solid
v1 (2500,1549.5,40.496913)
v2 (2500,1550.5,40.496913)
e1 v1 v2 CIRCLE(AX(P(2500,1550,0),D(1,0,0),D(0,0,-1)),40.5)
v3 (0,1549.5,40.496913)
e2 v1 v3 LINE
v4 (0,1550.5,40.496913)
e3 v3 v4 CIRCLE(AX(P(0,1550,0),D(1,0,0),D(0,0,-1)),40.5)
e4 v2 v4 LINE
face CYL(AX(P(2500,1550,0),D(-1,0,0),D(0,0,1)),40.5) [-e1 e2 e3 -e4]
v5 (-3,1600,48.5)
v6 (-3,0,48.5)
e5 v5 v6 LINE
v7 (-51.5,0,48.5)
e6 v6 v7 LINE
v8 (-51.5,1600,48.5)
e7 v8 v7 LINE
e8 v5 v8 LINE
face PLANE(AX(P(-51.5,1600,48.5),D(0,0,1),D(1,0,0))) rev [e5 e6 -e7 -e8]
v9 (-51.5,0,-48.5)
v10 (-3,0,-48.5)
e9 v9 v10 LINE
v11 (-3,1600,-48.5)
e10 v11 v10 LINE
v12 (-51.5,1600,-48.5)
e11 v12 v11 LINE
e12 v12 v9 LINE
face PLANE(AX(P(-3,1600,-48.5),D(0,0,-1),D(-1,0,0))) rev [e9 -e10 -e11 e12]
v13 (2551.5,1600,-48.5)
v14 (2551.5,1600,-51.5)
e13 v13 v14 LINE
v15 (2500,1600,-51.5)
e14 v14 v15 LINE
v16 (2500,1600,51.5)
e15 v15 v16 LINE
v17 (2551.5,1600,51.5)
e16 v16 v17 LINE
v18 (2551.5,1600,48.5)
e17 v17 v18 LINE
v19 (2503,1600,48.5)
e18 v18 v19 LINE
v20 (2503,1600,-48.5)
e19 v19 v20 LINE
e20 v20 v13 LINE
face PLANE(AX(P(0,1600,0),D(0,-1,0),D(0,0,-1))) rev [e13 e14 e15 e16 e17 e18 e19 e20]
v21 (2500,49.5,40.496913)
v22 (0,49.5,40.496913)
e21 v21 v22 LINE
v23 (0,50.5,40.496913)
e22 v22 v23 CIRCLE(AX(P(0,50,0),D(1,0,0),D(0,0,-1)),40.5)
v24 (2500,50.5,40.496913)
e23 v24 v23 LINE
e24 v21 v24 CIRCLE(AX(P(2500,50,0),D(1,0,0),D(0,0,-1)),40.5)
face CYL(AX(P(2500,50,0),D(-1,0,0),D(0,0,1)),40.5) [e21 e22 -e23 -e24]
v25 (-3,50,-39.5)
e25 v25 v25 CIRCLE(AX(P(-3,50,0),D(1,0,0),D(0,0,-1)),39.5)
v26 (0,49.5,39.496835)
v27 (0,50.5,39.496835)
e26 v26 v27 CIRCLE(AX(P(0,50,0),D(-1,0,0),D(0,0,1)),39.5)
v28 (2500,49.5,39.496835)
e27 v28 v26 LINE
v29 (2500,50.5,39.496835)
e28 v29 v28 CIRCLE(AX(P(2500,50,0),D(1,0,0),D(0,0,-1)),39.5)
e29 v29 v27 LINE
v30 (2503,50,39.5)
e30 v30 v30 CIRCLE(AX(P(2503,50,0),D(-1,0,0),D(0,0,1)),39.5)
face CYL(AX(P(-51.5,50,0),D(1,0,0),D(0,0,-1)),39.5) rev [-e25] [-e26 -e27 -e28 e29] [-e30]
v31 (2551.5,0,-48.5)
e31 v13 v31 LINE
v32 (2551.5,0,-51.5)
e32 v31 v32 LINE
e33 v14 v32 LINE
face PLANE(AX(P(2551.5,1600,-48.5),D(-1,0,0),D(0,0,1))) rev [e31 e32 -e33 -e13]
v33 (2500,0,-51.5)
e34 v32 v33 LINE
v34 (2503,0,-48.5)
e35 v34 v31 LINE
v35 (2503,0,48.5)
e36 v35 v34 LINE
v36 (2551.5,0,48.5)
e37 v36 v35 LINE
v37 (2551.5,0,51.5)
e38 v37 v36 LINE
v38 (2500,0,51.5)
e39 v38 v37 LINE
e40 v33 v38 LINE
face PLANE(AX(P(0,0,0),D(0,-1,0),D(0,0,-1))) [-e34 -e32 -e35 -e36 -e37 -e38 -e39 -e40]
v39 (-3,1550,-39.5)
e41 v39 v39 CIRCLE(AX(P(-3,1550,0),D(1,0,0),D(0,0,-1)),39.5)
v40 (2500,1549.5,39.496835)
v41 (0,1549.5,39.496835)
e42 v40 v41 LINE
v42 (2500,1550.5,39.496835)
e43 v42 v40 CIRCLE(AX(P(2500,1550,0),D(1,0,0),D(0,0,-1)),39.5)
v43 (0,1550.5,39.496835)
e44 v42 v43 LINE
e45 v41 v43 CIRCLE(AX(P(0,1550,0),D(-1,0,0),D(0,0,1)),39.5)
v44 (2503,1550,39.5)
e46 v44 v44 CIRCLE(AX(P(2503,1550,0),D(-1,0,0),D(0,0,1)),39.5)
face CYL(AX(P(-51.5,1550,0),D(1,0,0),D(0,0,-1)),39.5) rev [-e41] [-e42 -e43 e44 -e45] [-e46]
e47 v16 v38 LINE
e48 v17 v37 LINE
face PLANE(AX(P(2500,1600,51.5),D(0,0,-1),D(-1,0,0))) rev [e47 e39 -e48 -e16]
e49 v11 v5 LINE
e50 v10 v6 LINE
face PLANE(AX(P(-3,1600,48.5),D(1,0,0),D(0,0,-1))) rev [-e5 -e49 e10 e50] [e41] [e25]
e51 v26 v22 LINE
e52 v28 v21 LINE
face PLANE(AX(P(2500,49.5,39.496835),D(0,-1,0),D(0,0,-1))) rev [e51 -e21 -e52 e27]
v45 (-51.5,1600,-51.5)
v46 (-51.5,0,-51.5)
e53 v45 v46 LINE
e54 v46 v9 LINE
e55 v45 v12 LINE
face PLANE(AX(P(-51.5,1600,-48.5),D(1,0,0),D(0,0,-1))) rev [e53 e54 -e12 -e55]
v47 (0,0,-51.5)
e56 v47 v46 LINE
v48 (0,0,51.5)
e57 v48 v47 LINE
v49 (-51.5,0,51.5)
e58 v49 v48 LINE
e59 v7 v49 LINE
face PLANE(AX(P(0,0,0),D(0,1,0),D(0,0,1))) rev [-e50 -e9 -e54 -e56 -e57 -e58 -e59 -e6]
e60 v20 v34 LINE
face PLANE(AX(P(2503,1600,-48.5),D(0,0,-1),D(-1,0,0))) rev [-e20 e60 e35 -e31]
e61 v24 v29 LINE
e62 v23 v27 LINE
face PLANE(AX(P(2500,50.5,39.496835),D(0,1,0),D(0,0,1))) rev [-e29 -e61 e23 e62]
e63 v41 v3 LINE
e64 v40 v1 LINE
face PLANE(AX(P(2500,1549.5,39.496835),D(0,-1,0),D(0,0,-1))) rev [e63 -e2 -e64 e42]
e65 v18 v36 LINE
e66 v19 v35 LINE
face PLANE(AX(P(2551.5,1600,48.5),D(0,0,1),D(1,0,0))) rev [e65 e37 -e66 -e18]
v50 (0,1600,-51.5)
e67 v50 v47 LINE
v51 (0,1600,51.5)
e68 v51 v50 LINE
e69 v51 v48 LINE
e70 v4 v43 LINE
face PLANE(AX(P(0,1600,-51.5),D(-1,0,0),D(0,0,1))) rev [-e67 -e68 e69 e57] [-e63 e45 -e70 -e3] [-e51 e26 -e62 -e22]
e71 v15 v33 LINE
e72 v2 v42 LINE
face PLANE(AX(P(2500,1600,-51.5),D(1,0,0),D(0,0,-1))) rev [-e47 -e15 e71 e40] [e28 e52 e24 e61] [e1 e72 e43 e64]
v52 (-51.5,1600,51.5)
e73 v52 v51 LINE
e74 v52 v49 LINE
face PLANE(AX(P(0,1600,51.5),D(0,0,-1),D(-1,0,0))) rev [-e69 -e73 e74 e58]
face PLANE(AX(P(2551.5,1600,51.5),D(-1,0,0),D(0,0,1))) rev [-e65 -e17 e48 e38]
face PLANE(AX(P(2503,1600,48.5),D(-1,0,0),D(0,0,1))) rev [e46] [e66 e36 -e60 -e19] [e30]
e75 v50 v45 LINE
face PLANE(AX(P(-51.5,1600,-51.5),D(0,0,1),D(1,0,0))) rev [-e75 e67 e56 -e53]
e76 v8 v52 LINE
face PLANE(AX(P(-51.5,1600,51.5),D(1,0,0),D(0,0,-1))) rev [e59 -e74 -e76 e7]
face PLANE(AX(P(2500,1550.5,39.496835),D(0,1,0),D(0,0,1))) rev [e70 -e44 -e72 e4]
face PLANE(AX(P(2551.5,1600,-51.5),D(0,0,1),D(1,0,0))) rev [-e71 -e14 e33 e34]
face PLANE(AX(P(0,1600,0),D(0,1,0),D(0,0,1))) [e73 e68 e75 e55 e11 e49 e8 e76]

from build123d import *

# Parameters (mm, degrees)
BOSS_EXTRUDE1_DEPTH     = 1600
BOSS_EXTRUDE1_2_DEPTH   = 1600
SKETCH4_R               = 39.5
CUT_EXTRUDE2_DEPTH      = 2552.5
CUT_EXTRUDE2_DEPTH_BACK = 52.5
BOSS_EXTRUDE2_DEPTH     = 2500


with BuildPart() as part:
    # Sketch3 → Boss-Extrude1 (new body)
    with BuildSketch(Plane(origin=(0, 0, 0), x_dir=(1, 0, 0), z_dir=(0, 1, 0))):
        Polygon((-51.5, 51.5), (0, 51.5), (0, -51.5), (-51.5, -51.5), (-51.5, -48.5), (-3, -48.5), (-3, 48.5), (-51.5, 48.5), align=None)
    extrude(amount=BOSS_EXTRUDE1_DEPTH)


with BuildPart() as body_2:
    # Sketch3 → Boss-Extrude1 2 (new body)
    with BuildSketch(Plane(origin=(0, 0, 0), x_dir=(1, 0, 0), z_dir=(0, 1, 0))):
        Polygon((2503, 48.5), (2551.5, 48.5), (2551.5, 51.5), (2500, 51.5), (2500, -51.5), (2551.5, -51.5), (2551.5, -48.5), (2503, -48.5), align=None)
    extrude(amount=BOSS_EXTRUDE1_2_DEPTH)


with BuildPart() as cut_extrude2_tool:
    # Sketch4 → Cut-Extrude2 (new body, two sides)
    with BuildSketch(Plane(origin=(0, 0, 0), x_dir=(0, 0, -1), z_dir=(1, 0, 0))) as cut_extrude2_sk:
        with Locations((0, 1550)):
            Circle(SKETCH4_R)
        with Locations((0, 50)):
            Circle(SKETCH4_R)
    extrude(amount=CUT_EXTRUDE2_DEPTH)
    extrude(cut_extrude2_sk.sketch, amount=-CUT_EXTRUDE2_DEPTH_BACK)


with BuildPart() as part_1:
    add(part.part)

    # Cut-Extrude2: cut by cut_extrude2_tool
    add(cut_extrude2_tool.part, mode=Mode.SUBTRACT)



with BuildPart() as body_2_1:
    add(body_2.part)

    # Cut-Extrude2: cut by cut_extrude2_tool
    add(cut_extrude2_tool.part, mode=Mode.SUBTRACT)


with BuildPart() as part_2:
    add(part_1.part)

    add(body_2_1.part)  # Boss-Extrude2 merges body 2
    # Sketch5 → Boss-Extrude2 (add)
    with BuildSketch(Plane(origin=(0, 0, 0), x_dir=(0, 0, -1), z_dir=(1, 0, 0))):
        with BuildLine():
            Line((-39.496835316, 49.5), (-40.496913463, 49.5))
            ThreePointArc((-40.496913463, 49.5), (40.5, 50), (-40.496913463, 50.5))
            Line((-40.496913463, 50.5), (-39.496835316, 50.5))
            ThreePointArc((-39.496835316, 50.5), (39.5, 50), (-39.496835316, 49.5))
        make_face()
        with BuildLine():
            Line((-39.496835316, 1549.5), (-40.496913463, 1549.5))
            ThreePointArc((-40.496913463, 1549.5), (40.5, 1550), (-40.496913463, 1550.5))
            Line((-40.496913463, 1550.5), (-39.496835316, 1550.5))
            ThreePointArc((-39.496835316, 1550.5), (39.5, 1550), (-39.496835316, 1549.5))
        make_face()
    extrude(amount=BOSS_EXTRUDE2_DEPTH)


solid = part_2.part
